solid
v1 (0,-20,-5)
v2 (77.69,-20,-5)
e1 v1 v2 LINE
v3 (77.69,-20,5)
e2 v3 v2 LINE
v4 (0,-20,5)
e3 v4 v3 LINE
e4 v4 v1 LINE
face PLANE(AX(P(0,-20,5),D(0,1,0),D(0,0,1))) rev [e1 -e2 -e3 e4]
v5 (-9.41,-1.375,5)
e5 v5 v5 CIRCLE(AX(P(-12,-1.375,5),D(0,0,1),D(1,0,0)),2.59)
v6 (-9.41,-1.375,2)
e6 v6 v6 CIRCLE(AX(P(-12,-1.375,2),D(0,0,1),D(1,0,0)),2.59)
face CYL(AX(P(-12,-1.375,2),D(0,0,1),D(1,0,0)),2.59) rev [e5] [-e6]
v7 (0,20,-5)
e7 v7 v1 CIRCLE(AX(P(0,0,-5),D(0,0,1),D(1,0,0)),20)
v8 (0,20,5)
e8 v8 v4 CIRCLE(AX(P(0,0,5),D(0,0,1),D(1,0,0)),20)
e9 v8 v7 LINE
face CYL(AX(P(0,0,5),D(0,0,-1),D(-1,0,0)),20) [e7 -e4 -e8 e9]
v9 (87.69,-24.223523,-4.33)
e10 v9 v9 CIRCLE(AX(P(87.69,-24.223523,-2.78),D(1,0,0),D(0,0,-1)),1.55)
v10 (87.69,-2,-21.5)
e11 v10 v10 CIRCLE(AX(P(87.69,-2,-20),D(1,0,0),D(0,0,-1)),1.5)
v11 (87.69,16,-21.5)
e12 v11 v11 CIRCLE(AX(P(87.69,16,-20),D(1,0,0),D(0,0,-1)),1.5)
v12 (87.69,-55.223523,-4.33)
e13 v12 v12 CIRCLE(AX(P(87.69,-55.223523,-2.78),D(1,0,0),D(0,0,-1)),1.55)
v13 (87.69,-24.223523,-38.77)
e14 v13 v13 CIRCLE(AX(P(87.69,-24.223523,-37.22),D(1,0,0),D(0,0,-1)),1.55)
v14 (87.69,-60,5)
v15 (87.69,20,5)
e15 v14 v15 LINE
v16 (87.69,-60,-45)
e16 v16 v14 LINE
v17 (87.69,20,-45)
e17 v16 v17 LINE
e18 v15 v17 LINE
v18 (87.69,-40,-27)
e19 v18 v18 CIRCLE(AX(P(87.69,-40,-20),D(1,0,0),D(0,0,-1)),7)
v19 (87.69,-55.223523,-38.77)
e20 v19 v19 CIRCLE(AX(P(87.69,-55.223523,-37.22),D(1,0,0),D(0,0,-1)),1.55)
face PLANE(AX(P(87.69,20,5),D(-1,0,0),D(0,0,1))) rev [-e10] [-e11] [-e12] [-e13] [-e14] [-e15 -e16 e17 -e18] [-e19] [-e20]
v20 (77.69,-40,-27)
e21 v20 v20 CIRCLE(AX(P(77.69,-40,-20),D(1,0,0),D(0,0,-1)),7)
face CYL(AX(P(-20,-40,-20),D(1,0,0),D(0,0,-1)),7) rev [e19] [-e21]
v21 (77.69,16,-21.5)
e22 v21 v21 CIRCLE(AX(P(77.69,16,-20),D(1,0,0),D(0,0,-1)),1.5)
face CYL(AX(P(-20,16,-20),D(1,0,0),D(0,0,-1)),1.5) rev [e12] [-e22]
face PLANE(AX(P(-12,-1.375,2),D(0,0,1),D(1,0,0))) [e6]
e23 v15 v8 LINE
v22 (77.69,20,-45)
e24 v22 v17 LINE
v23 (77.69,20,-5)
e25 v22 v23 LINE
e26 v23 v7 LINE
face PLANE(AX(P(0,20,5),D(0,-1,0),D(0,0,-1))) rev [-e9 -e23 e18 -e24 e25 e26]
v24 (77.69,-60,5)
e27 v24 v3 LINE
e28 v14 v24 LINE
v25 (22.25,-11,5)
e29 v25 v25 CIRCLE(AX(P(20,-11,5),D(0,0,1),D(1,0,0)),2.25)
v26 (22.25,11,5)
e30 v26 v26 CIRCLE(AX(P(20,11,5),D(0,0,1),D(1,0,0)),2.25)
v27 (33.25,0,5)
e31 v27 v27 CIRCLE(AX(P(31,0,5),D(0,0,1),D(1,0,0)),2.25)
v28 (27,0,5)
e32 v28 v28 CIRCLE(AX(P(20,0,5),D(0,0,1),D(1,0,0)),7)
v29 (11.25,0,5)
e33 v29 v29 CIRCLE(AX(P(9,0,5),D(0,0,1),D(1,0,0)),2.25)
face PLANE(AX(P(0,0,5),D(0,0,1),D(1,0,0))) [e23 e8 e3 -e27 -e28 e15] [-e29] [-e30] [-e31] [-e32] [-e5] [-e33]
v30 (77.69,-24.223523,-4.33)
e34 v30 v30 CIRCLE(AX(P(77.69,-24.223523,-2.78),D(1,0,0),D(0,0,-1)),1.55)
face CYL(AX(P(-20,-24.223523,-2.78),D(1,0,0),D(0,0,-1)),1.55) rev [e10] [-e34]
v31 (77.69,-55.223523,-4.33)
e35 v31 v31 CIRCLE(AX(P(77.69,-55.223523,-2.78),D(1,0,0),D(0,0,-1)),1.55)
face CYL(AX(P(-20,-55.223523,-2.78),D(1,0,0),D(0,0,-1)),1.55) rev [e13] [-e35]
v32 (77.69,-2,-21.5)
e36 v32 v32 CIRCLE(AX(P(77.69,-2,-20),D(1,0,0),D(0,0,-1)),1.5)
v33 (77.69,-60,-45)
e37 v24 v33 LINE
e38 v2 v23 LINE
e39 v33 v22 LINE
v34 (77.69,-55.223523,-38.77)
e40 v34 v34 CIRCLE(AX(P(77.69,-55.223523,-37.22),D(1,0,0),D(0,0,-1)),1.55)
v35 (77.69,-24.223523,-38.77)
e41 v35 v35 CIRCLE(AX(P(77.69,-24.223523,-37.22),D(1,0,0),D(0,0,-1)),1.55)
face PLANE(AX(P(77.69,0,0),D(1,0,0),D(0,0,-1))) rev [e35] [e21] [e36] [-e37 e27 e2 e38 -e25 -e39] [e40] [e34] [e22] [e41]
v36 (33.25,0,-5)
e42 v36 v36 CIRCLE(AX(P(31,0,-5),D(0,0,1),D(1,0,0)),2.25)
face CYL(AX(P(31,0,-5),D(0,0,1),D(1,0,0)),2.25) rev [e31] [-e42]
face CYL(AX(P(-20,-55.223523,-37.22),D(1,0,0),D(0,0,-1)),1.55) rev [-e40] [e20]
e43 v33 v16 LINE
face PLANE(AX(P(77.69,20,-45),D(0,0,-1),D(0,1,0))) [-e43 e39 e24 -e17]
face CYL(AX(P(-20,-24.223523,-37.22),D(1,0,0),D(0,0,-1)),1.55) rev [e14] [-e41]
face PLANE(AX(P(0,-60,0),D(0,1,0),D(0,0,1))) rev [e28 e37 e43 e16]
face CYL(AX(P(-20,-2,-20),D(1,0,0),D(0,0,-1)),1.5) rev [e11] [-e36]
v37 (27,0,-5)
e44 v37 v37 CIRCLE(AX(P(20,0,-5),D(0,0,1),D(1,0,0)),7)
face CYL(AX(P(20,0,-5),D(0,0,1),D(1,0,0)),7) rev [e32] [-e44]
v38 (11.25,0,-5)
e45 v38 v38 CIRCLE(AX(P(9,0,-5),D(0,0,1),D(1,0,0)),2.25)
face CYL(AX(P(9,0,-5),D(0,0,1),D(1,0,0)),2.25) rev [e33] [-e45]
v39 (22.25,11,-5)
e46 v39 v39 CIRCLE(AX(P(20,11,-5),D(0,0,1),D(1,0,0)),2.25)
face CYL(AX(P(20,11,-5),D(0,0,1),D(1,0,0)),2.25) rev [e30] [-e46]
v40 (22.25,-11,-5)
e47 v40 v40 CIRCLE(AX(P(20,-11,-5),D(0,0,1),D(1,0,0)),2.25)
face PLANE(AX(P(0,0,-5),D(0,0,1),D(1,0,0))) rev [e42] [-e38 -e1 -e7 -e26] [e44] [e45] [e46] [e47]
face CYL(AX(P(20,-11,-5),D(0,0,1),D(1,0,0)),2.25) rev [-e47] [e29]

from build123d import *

# Parameters (mm, degrees)
BOSS_EXTRUDE1_DEPTH = 5
SKETCH6_R           = 7
SKETCH6_R_2         = 2.25
CUT_EXTRUDE1_DEPTH  = 91.496055715
BOSS_EXTRUDE2_DEPTH = 10
SKETCH11_R          = 2.59
CUT_EXTRUDE3_DEPTH  = 3
SKETCH16_R          = 1.5
CUT_EXTRUDE6_DEPTH  = 119.415100811
SKETCH24_W          = 10
SKETCH24_H          = 50
BOSS_EXTRUDE8_DEPTH = 40
SKETCH25_R          = 7
CUT_EXTRUDE10_DEPTH = 132.23313644
SKETCH26_R          = 1.55
CUT_EXTRUDE11_DEPTH = 132.23313644


with BuildPart() as part:
    # Sketch3 → Boss-Extrude1 (new, symmetric)
    with BuildSketch(Plane.XY):
        with BuildLine():
            Line((0, 20), (87.69, 20))
            Line((87.69, 20), (87.69, -20))
            Line((87.69, -20), (0, -20))
            ThreePointArc((0, -20), (-20, 0), (0, 20))
        make_face()
    extrude(amount=BOSS_EXTRUDE1_DEPTH, both=True)

    # Sketch6 → Cut-Extrude1 (cut, through all)
    with BuildSketch(Plane.XY.offset(5)):
        with Locations((20, 0)):
            Circle(SKETCH6_R)
        with Locations((20, 11)):
            Circle(SKETCH6_R_2)
        with Locations((31, 0)):
            Circle(SKETCH6_R_2)
        with Locations((20, -11)):
            Circle(SKETCH6_R_2)
        with Locations((9, 0)):
            Circle(SKETCH6_R_2)
    extrude(amount=-CUT_EXTRUDE1_DEPTH, mode=Mode.SUBTRACT)

    # Sketch9 → Boss-Extrude2 (add)
    with BuildSketch(Plane(origin=(87.69, 0, 0), x_dir=(0, 0, -1), z_dir=(1, 0, 0))):
        Polygon((5, 20), (45, 20), (45, -20), (5, -20), (-5, -20), (-5, 20), align=None)
    extrude(amount=-BOSS_EXTRUDE2_DEPTH)

    # Sketch11 → Cut-Extrude3 (cut)
    with BuildSketch(Plane.XY.offset(5)):
        with Locations((-12, -1.375)):
            Circle(SKETCH11_R)
    extrude(amount=-CUT_EXTRUDE3_DEPTH, mode=Mode.SUBTRACT)

    # Sketch16 → Cut-Extrude6 (cut, through all)
    with BuildSketch(Plane(origin=(87.69, 0, 0), x_dir=(0, 0, -1), z_dir=(1, 0, 0))):
        with Locations((20, 16)):
            Circle(SKETCH16_R)
        with Locations((20, -2)):
            Circle(SKETCH16_R)
    extrude(amount=-CUT_EXTRUDE6_DEPTH, mode=Mode.SUBTRACT)

    # Sketch24 → Boss-Extrude8 (add)
    with BuildSketch(Plane(origin=(0, -20, 0), x_dir=(-1, 0, 0), z_dir=(0, -1, 0))):
        with Locations((-82.69, 20)):
            Rectangle(SKETCH24_W, SKETCH24_H)
    extrude(amount=BOSS_EXTRUDE8_DEPTH)

    # Sketch25 → Cut-Extrude10 (cut, through all)
    with BuildSketch(Plane(origin=(87.69, 0, 0), x_dir=(0, 0, -1), z_dir=(1, 0, 0))):
        with Locations((20, -40)):
            Circle(SKETCH25_R)
    extrude(amount=-CUT_EXTRUDE10_DEPTH, mode=Mode.SUBTRACT)

    # Sketch26 → Cut-Extrude11 (cut, through all)
    with BuildSketch(Plane(origin=(87.69, 0, 0), x_dir=(0, 0, -1), z_dir=(1, 0, 0))):
        with Locations((2.78, -24.223522787)):
            Circle(SKETCH26_R)
        with Locations((37.22, -24.223522787)):
            Circle(SKETCH26_R)
        with Locations((37.22, -55.223522787)):
            Circle(SKETCH26_R)
        with Locations((2.78, -55.223522787)):
            Circle(SKETCH26_R)
    extrude(amount=-CUT_EXTRUDE11_DEPTH, mode=Mode.SUBTRACT)


solid = part.part
